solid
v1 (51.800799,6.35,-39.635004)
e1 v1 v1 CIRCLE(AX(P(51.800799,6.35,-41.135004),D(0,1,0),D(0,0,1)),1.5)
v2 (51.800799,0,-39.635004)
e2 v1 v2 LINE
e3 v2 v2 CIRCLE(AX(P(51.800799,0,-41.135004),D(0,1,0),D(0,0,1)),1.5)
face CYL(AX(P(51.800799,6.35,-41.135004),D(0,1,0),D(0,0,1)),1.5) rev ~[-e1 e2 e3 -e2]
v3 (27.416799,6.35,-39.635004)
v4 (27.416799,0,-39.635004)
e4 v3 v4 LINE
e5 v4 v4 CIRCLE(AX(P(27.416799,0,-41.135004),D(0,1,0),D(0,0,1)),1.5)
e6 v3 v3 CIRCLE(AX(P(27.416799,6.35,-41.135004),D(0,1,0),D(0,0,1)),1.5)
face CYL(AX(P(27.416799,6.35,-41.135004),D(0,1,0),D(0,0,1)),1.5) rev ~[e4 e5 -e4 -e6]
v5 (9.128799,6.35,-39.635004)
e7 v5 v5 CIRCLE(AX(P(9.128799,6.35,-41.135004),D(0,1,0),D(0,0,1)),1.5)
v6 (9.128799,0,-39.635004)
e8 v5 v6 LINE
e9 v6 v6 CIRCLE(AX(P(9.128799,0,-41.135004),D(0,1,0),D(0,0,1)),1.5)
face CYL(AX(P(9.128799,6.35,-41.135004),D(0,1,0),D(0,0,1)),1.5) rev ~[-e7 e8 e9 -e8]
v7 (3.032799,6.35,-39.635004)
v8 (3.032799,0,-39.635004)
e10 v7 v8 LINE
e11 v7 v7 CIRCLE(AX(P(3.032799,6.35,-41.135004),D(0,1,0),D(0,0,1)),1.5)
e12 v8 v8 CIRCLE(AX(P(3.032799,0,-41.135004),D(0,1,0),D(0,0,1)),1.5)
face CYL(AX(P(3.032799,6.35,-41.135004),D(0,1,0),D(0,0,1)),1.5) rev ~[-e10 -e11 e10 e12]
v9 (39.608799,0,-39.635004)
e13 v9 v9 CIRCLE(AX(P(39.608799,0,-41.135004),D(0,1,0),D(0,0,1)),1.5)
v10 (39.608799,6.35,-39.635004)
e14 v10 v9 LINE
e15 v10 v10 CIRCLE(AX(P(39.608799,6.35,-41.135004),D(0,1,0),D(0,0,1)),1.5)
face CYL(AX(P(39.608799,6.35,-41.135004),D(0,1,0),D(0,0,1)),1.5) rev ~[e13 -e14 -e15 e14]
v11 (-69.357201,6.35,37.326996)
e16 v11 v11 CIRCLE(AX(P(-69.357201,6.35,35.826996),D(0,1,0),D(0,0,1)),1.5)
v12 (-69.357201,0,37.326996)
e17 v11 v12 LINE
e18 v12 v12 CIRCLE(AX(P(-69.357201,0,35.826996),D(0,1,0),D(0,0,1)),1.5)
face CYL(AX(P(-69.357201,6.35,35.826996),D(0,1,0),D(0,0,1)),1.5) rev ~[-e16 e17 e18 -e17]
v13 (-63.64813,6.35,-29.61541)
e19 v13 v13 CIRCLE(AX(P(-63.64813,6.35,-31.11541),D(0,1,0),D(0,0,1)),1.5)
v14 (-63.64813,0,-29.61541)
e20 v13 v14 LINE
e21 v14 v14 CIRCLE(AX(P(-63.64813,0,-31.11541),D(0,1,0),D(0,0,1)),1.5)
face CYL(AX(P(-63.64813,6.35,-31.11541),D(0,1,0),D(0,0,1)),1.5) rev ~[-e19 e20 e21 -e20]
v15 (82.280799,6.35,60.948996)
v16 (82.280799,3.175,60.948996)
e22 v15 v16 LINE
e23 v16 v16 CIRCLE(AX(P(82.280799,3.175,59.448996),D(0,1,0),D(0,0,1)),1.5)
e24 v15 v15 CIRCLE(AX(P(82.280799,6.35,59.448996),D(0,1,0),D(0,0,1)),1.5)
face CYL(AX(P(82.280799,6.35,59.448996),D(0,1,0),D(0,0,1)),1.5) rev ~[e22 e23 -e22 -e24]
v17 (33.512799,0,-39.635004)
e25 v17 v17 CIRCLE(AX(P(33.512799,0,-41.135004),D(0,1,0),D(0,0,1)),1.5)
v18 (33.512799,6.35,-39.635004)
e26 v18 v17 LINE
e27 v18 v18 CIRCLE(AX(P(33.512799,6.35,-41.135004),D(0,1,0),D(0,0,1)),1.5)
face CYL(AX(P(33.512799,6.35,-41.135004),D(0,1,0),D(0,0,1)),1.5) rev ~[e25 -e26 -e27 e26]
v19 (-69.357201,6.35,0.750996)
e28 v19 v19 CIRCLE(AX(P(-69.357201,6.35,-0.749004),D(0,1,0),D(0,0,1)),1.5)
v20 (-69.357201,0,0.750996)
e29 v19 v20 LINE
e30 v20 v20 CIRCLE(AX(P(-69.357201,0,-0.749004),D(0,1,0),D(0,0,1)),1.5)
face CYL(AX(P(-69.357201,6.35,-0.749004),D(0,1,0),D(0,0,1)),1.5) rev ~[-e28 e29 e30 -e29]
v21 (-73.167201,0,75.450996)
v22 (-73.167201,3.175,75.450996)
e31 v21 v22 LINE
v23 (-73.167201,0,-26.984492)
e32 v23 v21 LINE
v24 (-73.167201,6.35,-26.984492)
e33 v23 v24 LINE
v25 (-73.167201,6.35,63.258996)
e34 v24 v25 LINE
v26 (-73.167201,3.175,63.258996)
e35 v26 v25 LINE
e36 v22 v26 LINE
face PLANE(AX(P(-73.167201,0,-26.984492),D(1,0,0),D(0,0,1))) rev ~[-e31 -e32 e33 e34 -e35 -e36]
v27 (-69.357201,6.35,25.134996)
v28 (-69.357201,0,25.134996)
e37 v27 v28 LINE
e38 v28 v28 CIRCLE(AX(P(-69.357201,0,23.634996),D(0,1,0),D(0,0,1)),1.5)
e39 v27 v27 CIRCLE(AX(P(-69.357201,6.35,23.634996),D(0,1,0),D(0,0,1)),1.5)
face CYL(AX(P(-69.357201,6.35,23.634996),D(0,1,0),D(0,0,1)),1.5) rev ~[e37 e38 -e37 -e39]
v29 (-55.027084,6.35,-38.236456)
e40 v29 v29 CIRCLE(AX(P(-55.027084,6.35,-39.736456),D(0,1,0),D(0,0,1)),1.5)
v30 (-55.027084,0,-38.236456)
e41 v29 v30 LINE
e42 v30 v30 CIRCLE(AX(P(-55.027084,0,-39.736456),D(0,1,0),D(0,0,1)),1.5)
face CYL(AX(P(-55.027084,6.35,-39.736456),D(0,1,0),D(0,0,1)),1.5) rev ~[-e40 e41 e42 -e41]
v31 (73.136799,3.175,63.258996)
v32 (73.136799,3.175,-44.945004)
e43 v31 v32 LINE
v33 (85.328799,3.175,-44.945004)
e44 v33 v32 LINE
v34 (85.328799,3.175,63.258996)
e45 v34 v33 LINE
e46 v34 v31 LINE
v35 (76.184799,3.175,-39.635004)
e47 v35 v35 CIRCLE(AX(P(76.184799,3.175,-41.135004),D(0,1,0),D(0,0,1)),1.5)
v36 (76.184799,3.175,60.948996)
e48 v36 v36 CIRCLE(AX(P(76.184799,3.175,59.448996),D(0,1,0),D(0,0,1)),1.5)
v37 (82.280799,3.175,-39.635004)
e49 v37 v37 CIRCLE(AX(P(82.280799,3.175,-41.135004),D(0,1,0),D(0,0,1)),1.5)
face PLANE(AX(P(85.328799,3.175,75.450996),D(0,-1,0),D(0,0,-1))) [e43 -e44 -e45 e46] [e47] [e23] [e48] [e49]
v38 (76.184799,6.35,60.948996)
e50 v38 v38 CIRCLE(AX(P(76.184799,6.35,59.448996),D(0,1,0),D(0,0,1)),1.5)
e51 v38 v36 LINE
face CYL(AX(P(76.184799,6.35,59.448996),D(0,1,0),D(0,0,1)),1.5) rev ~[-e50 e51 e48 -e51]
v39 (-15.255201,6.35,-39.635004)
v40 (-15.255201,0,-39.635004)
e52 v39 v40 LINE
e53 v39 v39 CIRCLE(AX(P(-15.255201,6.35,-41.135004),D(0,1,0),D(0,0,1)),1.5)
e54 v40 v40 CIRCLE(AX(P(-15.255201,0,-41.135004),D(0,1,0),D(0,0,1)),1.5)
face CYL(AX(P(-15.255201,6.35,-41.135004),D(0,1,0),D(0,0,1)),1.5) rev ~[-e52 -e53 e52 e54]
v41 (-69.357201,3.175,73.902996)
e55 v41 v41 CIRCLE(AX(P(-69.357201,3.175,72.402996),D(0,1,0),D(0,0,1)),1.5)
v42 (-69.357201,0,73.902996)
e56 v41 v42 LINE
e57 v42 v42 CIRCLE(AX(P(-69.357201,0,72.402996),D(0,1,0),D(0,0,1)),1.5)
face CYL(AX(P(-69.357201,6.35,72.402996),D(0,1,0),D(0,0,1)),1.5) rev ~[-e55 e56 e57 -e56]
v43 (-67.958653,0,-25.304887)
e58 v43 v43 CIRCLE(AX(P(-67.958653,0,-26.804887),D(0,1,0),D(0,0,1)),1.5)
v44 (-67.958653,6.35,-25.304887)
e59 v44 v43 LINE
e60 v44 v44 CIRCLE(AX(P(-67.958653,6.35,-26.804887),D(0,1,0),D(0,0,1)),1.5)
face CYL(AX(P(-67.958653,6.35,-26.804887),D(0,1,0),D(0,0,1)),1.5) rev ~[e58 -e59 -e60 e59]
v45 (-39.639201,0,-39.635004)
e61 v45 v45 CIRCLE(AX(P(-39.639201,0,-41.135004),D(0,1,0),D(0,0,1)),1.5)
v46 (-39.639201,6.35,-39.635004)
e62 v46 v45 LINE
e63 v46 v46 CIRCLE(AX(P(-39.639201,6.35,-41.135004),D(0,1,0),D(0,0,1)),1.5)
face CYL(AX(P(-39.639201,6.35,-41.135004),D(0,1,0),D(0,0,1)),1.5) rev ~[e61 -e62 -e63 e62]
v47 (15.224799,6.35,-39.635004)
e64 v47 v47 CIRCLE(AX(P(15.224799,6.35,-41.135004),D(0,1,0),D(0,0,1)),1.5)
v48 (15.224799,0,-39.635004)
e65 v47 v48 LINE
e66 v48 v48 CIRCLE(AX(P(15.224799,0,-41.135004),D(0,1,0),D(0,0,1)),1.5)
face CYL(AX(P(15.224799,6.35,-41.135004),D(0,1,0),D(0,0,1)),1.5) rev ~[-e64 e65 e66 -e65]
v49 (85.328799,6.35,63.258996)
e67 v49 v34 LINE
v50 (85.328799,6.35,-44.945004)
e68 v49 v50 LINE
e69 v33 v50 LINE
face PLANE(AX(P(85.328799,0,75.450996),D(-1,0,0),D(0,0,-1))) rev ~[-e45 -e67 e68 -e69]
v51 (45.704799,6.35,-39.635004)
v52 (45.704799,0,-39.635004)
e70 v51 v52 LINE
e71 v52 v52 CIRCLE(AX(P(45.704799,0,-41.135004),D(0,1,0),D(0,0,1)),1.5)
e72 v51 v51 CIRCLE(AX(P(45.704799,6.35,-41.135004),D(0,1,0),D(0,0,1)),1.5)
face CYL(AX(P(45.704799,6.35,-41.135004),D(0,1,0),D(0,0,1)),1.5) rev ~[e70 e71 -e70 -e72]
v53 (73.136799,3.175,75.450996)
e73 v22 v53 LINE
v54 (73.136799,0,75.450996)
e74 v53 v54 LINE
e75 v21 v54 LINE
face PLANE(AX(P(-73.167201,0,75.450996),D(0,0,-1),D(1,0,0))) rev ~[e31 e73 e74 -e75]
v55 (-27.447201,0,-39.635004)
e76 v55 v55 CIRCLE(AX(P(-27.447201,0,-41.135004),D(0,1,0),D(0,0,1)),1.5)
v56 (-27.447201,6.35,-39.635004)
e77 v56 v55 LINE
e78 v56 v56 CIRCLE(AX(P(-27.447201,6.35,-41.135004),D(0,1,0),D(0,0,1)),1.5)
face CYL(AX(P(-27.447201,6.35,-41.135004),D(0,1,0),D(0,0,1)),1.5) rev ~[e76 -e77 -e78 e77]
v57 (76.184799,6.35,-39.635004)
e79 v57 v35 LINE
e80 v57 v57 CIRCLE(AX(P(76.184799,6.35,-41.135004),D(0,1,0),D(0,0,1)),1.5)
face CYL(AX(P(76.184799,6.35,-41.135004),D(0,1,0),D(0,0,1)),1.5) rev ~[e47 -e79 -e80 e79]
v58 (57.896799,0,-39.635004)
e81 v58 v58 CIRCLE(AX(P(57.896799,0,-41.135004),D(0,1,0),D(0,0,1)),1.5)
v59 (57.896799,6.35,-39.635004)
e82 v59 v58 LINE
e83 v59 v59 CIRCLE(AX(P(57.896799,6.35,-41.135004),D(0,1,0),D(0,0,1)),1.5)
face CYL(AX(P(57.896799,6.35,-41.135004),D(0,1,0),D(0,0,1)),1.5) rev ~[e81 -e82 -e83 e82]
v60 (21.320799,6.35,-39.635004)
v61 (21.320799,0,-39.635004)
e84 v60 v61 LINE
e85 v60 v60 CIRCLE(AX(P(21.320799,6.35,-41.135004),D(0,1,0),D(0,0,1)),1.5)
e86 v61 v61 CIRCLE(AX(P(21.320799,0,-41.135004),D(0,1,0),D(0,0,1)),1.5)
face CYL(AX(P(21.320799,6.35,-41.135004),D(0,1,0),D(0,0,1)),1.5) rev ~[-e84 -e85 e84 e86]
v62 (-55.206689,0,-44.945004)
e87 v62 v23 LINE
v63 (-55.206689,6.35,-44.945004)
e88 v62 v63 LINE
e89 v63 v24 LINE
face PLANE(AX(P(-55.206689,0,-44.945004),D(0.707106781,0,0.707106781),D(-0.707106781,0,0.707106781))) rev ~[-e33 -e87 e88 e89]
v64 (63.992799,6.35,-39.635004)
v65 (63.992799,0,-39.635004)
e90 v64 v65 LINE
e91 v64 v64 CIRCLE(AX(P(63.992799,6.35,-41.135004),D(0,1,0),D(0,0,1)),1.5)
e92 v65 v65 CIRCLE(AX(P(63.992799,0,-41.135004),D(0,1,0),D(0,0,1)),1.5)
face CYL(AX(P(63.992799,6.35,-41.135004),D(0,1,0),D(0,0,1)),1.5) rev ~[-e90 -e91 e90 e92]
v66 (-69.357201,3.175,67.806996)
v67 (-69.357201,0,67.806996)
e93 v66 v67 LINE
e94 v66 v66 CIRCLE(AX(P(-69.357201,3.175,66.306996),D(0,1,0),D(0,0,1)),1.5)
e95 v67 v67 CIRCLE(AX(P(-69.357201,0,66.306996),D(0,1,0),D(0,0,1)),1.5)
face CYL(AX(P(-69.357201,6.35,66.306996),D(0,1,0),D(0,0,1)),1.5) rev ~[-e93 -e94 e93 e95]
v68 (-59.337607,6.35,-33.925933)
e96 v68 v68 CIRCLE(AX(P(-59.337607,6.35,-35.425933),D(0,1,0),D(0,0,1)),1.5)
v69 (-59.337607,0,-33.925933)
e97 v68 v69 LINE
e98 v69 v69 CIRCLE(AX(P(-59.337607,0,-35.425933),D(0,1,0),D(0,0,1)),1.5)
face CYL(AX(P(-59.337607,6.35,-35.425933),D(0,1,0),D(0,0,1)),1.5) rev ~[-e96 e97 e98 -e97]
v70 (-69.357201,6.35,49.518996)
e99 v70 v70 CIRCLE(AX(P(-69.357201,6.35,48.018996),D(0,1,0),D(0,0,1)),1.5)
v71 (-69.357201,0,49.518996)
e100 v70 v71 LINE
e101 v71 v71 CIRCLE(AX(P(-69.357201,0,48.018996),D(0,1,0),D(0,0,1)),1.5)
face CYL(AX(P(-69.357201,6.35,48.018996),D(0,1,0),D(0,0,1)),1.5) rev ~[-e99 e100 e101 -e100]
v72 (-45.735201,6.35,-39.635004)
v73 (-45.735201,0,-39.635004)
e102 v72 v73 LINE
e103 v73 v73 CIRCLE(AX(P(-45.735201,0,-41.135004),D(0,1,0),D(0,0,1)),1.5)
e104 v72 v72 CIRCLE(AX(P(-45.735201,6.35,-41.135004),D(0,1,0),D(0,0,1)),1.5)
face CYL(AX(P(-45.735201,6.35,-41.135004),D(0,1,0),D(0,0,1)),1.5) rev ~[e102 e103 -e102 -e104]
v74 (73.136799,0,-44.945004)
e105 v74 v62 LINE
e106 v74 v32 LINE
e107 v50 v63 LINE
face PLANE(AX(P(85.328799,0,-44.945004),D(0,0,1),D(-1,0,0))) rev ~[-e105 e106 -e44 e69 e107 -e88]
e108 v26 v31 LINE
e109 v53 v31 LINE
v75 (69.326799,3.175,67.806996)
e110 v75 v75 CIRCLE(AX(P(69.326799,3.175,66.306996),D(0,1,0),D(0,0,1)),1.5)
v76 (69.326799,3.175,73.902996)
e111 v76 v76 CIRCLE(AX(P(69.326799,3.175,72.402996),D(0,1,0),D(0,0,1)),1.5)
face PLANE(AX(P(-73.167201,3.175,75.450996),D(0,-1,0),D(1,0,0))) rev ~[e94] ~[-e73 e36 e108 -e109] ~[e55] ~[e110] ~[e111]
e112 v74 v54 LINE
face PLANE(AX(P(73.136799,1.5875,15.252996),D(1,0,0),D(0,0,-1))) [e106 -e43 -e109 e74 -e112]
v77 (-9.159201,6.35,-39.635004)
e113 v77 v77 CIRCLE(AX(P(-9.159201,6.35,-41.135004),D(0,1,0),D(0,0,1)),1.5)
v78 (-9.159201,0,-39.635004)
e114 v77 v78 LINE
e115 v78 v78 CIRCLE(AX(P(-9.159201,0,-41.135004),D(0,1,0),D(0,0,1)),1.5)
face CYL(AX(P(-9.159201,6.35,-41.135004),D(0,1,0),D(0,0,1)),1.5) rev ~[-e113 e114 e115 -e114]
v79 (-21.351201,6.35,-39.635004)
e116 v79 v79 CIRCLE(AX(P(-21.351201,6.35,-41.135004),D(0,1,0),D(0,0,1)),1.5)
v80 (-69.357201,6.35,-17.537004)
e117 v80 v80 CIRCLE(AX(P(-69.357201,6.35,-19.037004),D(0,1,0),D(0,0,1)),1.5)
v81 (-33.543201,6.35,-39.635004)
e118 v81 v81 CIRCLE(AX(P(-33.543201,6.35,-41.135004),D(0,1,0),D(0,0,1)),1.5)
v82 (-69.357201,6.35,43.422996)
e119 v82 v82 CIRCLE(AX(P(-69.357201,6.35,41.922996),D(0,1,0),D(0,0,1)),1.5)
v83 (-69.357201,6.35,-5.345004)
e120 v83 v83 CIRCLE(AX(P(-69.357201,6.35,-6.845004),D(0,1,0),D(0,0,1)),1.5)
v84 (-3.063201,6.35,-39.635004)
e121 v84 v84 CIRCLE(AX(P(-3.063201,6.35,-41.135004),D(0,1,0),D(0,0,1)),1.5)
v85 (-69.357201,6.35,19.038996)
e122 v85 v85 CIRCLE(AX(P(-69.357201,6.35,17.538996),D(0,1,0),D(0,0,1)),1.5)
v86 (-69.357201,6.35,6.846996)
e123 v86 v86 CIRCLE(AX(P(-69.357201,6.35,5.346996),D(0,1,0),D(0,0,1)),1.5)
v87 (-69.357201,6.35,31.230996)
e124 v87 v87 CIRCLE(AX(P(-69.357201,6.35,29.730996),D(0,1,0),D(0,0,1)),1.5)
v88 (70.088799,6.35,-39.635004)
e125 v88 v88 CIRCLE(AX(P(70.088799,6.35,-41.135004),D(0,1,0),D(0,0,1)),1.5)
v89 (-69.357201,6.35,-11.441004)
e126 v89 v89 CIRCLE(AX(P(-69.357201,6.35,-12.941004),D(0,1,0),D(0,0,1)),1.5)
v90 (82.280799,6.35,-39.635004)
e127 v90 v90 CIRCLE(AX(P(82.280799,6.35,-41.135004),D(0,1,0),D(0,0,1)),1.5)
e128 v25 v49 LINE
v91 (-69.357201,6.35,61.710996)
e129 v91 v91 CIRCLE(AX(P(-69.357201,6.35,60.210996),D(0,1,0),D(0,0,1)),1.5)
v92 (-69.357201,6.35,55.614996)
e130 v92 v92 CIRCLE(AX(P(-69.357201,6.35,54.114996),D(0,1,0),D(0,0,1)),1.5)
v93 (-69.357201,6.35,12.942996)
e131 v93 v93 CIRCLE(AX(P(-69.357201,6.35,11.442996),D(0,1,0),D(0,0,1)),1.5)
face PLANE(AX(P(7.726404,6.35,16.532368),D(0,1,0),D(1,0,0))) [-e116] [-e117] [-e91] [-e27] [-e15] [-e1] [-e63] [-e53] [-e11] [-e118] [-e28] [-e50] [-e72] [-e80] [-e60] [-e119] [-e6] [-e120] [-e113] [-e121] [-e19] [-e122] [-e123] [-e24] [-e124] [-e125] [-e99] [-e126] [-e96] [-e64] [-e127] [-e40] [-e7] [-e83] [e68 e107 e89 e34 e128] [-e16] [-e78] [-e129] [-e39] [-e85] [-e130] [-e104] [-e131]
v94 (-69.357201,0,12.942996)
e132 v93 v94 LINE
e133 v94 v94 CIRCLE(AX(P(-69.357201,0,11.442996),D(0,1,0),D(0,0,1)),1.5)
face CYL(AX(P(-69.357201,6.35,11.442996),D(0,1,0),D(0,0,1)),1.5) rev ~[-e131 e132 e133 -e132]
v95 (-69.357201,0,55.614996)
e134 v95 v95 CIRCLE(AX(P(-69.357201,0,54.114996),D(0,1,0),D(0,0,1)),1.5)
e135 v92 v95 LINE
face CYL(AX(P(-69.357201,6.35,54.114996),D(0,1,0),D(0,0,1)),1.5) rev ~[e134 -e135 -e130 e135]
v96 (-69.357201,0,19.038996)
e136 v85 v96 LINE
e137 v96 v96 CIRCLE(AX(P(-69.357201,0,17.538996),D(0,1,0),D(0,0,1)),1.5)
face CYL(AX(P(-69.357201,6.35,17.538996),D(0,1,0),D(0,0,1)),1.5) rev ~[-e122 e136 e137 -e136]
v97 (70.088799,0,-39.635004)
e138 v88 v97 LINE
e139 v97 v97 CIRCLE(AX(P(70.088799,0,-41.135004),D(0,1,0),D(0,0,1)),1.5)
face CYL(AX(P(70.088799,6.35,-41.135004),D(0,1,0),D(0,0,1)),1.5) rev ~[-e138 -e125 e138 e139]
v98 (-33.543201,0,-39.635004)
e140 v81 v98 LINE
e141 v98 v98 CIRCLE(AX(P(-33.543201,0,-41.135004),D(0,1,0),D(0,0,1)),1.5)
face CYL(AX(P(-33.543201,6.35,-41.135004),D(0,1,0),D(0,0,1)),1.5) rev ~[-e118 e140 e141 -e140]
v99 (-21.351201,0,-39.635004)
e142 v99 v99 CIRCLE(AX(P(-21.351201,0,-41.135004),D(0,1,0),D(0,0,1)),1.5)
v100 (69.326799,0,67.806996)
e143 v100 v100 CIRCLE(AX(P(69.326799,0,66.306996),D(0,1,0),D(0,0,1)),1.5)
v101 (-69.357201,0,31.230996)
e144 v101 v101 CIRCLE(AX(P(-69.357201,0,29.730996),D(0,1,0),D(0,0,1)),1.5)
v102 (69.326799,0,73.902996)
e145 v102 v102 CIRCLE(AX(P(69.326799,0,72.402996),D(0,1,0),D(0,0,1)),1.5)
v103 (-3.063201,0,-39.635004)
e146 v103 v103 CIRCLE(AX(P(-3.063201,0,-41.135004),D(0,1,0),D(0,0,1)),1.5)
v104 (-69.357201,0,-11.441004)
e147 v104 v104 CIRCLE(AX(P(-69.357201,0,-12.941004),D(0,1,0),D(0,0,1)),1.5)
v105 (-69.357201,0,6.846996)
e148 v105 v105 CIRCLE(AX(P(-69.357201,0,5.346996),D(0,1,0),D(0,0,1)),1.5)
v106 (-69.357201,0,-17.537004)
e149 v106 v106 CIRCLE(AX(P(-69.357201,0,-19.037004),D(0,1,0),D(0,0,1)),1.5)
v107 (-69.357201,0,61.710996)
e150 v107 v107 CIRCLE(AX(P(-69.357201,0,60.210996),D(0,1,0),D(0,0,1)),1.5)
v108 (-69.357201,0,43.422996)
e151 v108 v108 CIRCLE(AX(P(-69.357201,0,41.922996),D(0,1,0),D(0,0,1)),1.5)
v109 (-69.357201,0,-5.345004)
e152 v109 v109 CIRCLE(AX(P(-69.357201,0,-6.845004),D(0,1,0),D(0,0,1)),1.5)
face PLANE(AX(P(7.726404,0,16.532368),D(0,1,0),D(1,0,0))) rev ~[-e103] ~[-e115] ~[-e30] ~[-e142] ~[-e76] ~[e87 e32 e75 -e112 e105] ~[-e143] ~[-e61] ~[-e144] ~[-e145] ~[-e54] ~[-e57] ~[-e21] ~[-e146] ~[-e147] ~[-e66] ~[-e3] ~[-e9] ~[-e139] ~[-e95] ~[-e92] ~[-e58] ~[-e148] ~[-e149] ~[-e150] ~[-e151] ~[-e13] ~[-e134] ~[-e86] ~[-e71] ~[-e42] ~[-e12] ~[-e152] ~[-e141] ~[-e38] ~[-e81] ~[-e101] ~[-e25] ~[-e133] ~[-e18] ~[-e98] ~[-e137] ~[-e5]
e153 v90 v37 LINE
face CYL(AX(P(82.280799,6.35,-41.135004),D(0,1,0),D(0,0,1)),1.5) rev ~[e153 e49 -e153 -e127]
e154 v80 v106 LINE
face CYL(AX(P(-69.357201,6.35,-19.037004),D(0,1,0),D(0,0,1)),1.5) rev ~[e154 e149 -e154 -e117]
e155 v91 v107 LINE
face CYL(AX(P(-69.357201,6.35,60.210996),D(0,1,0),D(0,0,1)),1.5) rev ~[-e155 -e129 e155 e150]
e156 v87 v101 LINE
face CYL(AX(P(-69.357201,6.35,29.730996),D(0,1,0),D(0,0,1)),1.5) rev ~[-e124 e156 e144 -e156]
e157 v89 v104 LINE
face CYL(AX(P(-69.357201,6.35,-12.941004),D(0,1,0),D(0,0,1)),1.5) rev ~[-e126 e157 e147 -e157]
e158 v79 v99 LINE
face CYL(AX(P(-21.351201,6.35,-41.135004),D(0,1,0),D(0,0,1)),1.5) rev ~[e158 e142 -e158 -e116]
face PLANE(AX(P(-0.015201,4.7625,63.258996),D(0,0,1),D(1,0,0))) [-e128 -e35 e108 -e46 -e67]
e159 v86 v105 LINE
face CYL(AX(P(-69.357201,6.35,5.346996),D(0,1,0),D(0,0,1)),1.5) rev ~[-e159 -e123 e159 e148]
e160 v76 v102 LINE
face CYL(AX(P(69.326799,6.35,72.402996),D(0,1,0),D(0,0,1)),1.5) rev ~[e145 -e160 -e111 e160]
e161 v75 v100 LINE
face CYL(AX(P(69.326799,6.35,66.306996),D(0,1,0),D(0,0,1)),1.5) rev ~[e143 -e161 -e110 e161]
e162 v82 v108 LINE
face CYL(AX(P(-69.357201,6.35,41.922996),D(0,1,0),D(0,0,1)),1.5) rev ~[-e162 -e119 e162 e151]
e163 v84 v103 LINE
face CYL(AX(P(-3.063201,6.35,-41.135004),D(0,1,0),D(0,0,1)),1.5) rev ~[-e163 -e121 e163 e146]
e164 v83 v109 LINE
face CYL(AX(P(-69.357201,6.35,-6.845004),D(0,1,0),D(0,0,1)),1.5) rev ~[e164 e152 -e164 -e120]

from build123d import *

# Parameters (mm, degrees)
BOSS_EXTRUDE1_DEPTH = 6.35
SKETCH3_R           = 1.5
CUT_EXTRUDE1_DEPTH  = 6.35
LPATTERN2_COUNT     = 22
LPATTERN2_PITCH     = 6.096
SKETCH4_R           = 1.5
CUT_EXTRUDE2_DEPTH  = 6.35
LPATTERN3_COUNT     = 16
LPATTERN3_PITCH     = 6.096
SKETCH6_W           = 120.396
SKETCH6_H           = 3.175
CUT_EXTRUDE3_DEPTH  = 12.192
SKETCH10_W          = 12.192
SKETCH10_H          = 12.192
CUT_EXTRUDE9_DEPTH  = 12.192
SKETCH9_W           = 146.304
SKETCH9_H           = 3.175
CUT_EXTRUDE8_DEPTH  = 12.192
SKETCH11_R          = 1.5
CUT_EXTRUDE10_DEPTH = 6.35
SKETCH13_R          = 1.5
CUT_EXTRUDE12_DEPTH = 6.35


with BuildPart() as part:
    # Sketch2 → Boss-Extrude1 (new body)
    with BuildSketch(Plane(origin=(0, 0, 0), x_dir=(1, 0, 0), z_dir=(0, 1, 0))):
        Polygon((-55.206688966, 44.945004491), (-73.167201208, 26.984492248), (-73.167201208, -75.450995509), (85.328798792, -75.450995509), (85.328798792, 44.945004491), align=None)
    extrude(amount=BOSS_EXTRUDE1_DEPTH)

    # Sketch3 → Cut-Extrude1 (cut)
    with BuildSketch(Plane(origin=(0, 6.35, 0), x_dir=(1, 0, 0), z_dir=(0, 1, 0))):
        with Locations(Location((82.280798792, 41.135004491, 0), (0, 0, 270))):
            Circle(SKETCH3_R)
    cut_extrude1 = extrude(amount=-CUT_EXTRUDE1_DEPTH, mode=Mode.SUBTRACT)

    # LPattern2: Cut-Extrude1 ×22
    with Locations(*[(-i * LPATTERN2_PITCH, 0, 0) for i in range(1, LPATTERN2_COUNT)]):
        add(cut_extrude1, mode=Mode.SUBTRACT)

    # Sketch4 → Cut-Extrude2 (cut)
    with BuildSketch(Plane(origin=(0, 6.35, 0), x_dir=(1, 0, 0), z_dir=(0, 1, 0))):
        with Locations(Location((-69.357201208, -72.402995509, 0), (0, 0, 270))):
            Circle(SKETCH4_R)
    cut_extrude2 = extrude(amount=-CUT_EXTRUDE2_DEPTH, mode=Mode.SUBTRACT)

    # LPattern3: Cut-Extrude2 ×16
    with Locations(*[(0, 0, -i * LPATTERN3_PITCH) for i in range(1, LPATTERN3_COUNT)]):
        add(cut_extrude2, mode=Mode.SUBTRACT)

    # Sketch6 → Cut-Extrude3 (cut)
    with BuildSketch(Plane(origin=(85.328798792, 0, 0), x_dir=(0, 0, -1), z_dir=(1, 0, 0))):
        with Locations((-15.252995509, 1.5875)):
            Rectangle(SKETCH6_W, SKETCH6_H)
    extrude(amount=-CUT_EXTRUDE3_DEPTH, mode=Mode.SUBTRACT)

    # Sketch10 → Cut-Extrude9 (cut)
    with BuildSketch(Plane(origin=(0, 6.35, 0), x_dir=(1, 0, 0), z_dir=(0, 1, 0))):
        with Locations((79.232798792, -69.354995509)):
            Rectangle(SKETCH10_W, SKETCH10_H)
    extrude(amount=-CUT_EXTRUDE9_DEPTH, mode=Mode.SUBTRACT)

    # Sketch9 → Cut-Extrude8 (cut)
    with BuildSketch(Plane.XY.offset(75.450995509)):
        with Locations((-0.015201208, 4.7625)):
            Rectangle(SKETCH9_W, SKETCH9_H)
    extrude(amount=-CUT_EXTRUDE8_DEPTH, mode=Mode.SUBTRACT)

    # Sketch11 → Cut-Extrude10 (cut)
    with BuildSketch(Plane(origin=(0, 6.35, 0), x_dir=(1, 0, 0), z_dir=(0, 1, 0))):
        with Locations(Location((82.280798792, -59.448995509, 0), (0, 0, 270))):
            Circle(SKETCH11_R)
        with Locations(Location((76.184798792, -59.448995509, 0), (0, 0, 270))):
            Circle(SKETCH11_R)
        with Locations(Location((69.326798792, -66.306995509, 0), (0, 0, 270))):
            Circle(SKETCH11_R)
        with Locations(Location((69.326798792, -72.402995509, 0), (0, 0, 270))):
            Circle(SKETCH11_R)
    extrude(amount=-CUT_EXTRUDE10_DEPTH, mode=Mode.SUBTRACT)

    # Sketch13 → Cut-Extrude12 (cut)
    with BuildSketch(Plane(origin=(0, 6.35, 0), x_dir=(1, 0, 0), z_dir=(0, 1, 0))):
        with Locations(Location((-59.337606782, 35.425933002, 0), (0, 0, 270))):
            Circle(SKETCH13_R)
        with Locations(Location((-55.027083843, 39.73645594, 0), (0, 0, 270))):
            Circle(SKETCH13_R)
        with Locations(Location((-63.64812972, 31.115410064, 0), (0, 0, 270))):
            Circle(SKETCH13_R)
        with Locations(Location((-67.958652658, 26.804887126, 0), (0, 0, 270))):
            Circle(SKETCH13_R)
    extrude(amount=-CUT_EXTRUDE12_DEPTH, mode=Mode.SUBTRACT)


solid = part.part
